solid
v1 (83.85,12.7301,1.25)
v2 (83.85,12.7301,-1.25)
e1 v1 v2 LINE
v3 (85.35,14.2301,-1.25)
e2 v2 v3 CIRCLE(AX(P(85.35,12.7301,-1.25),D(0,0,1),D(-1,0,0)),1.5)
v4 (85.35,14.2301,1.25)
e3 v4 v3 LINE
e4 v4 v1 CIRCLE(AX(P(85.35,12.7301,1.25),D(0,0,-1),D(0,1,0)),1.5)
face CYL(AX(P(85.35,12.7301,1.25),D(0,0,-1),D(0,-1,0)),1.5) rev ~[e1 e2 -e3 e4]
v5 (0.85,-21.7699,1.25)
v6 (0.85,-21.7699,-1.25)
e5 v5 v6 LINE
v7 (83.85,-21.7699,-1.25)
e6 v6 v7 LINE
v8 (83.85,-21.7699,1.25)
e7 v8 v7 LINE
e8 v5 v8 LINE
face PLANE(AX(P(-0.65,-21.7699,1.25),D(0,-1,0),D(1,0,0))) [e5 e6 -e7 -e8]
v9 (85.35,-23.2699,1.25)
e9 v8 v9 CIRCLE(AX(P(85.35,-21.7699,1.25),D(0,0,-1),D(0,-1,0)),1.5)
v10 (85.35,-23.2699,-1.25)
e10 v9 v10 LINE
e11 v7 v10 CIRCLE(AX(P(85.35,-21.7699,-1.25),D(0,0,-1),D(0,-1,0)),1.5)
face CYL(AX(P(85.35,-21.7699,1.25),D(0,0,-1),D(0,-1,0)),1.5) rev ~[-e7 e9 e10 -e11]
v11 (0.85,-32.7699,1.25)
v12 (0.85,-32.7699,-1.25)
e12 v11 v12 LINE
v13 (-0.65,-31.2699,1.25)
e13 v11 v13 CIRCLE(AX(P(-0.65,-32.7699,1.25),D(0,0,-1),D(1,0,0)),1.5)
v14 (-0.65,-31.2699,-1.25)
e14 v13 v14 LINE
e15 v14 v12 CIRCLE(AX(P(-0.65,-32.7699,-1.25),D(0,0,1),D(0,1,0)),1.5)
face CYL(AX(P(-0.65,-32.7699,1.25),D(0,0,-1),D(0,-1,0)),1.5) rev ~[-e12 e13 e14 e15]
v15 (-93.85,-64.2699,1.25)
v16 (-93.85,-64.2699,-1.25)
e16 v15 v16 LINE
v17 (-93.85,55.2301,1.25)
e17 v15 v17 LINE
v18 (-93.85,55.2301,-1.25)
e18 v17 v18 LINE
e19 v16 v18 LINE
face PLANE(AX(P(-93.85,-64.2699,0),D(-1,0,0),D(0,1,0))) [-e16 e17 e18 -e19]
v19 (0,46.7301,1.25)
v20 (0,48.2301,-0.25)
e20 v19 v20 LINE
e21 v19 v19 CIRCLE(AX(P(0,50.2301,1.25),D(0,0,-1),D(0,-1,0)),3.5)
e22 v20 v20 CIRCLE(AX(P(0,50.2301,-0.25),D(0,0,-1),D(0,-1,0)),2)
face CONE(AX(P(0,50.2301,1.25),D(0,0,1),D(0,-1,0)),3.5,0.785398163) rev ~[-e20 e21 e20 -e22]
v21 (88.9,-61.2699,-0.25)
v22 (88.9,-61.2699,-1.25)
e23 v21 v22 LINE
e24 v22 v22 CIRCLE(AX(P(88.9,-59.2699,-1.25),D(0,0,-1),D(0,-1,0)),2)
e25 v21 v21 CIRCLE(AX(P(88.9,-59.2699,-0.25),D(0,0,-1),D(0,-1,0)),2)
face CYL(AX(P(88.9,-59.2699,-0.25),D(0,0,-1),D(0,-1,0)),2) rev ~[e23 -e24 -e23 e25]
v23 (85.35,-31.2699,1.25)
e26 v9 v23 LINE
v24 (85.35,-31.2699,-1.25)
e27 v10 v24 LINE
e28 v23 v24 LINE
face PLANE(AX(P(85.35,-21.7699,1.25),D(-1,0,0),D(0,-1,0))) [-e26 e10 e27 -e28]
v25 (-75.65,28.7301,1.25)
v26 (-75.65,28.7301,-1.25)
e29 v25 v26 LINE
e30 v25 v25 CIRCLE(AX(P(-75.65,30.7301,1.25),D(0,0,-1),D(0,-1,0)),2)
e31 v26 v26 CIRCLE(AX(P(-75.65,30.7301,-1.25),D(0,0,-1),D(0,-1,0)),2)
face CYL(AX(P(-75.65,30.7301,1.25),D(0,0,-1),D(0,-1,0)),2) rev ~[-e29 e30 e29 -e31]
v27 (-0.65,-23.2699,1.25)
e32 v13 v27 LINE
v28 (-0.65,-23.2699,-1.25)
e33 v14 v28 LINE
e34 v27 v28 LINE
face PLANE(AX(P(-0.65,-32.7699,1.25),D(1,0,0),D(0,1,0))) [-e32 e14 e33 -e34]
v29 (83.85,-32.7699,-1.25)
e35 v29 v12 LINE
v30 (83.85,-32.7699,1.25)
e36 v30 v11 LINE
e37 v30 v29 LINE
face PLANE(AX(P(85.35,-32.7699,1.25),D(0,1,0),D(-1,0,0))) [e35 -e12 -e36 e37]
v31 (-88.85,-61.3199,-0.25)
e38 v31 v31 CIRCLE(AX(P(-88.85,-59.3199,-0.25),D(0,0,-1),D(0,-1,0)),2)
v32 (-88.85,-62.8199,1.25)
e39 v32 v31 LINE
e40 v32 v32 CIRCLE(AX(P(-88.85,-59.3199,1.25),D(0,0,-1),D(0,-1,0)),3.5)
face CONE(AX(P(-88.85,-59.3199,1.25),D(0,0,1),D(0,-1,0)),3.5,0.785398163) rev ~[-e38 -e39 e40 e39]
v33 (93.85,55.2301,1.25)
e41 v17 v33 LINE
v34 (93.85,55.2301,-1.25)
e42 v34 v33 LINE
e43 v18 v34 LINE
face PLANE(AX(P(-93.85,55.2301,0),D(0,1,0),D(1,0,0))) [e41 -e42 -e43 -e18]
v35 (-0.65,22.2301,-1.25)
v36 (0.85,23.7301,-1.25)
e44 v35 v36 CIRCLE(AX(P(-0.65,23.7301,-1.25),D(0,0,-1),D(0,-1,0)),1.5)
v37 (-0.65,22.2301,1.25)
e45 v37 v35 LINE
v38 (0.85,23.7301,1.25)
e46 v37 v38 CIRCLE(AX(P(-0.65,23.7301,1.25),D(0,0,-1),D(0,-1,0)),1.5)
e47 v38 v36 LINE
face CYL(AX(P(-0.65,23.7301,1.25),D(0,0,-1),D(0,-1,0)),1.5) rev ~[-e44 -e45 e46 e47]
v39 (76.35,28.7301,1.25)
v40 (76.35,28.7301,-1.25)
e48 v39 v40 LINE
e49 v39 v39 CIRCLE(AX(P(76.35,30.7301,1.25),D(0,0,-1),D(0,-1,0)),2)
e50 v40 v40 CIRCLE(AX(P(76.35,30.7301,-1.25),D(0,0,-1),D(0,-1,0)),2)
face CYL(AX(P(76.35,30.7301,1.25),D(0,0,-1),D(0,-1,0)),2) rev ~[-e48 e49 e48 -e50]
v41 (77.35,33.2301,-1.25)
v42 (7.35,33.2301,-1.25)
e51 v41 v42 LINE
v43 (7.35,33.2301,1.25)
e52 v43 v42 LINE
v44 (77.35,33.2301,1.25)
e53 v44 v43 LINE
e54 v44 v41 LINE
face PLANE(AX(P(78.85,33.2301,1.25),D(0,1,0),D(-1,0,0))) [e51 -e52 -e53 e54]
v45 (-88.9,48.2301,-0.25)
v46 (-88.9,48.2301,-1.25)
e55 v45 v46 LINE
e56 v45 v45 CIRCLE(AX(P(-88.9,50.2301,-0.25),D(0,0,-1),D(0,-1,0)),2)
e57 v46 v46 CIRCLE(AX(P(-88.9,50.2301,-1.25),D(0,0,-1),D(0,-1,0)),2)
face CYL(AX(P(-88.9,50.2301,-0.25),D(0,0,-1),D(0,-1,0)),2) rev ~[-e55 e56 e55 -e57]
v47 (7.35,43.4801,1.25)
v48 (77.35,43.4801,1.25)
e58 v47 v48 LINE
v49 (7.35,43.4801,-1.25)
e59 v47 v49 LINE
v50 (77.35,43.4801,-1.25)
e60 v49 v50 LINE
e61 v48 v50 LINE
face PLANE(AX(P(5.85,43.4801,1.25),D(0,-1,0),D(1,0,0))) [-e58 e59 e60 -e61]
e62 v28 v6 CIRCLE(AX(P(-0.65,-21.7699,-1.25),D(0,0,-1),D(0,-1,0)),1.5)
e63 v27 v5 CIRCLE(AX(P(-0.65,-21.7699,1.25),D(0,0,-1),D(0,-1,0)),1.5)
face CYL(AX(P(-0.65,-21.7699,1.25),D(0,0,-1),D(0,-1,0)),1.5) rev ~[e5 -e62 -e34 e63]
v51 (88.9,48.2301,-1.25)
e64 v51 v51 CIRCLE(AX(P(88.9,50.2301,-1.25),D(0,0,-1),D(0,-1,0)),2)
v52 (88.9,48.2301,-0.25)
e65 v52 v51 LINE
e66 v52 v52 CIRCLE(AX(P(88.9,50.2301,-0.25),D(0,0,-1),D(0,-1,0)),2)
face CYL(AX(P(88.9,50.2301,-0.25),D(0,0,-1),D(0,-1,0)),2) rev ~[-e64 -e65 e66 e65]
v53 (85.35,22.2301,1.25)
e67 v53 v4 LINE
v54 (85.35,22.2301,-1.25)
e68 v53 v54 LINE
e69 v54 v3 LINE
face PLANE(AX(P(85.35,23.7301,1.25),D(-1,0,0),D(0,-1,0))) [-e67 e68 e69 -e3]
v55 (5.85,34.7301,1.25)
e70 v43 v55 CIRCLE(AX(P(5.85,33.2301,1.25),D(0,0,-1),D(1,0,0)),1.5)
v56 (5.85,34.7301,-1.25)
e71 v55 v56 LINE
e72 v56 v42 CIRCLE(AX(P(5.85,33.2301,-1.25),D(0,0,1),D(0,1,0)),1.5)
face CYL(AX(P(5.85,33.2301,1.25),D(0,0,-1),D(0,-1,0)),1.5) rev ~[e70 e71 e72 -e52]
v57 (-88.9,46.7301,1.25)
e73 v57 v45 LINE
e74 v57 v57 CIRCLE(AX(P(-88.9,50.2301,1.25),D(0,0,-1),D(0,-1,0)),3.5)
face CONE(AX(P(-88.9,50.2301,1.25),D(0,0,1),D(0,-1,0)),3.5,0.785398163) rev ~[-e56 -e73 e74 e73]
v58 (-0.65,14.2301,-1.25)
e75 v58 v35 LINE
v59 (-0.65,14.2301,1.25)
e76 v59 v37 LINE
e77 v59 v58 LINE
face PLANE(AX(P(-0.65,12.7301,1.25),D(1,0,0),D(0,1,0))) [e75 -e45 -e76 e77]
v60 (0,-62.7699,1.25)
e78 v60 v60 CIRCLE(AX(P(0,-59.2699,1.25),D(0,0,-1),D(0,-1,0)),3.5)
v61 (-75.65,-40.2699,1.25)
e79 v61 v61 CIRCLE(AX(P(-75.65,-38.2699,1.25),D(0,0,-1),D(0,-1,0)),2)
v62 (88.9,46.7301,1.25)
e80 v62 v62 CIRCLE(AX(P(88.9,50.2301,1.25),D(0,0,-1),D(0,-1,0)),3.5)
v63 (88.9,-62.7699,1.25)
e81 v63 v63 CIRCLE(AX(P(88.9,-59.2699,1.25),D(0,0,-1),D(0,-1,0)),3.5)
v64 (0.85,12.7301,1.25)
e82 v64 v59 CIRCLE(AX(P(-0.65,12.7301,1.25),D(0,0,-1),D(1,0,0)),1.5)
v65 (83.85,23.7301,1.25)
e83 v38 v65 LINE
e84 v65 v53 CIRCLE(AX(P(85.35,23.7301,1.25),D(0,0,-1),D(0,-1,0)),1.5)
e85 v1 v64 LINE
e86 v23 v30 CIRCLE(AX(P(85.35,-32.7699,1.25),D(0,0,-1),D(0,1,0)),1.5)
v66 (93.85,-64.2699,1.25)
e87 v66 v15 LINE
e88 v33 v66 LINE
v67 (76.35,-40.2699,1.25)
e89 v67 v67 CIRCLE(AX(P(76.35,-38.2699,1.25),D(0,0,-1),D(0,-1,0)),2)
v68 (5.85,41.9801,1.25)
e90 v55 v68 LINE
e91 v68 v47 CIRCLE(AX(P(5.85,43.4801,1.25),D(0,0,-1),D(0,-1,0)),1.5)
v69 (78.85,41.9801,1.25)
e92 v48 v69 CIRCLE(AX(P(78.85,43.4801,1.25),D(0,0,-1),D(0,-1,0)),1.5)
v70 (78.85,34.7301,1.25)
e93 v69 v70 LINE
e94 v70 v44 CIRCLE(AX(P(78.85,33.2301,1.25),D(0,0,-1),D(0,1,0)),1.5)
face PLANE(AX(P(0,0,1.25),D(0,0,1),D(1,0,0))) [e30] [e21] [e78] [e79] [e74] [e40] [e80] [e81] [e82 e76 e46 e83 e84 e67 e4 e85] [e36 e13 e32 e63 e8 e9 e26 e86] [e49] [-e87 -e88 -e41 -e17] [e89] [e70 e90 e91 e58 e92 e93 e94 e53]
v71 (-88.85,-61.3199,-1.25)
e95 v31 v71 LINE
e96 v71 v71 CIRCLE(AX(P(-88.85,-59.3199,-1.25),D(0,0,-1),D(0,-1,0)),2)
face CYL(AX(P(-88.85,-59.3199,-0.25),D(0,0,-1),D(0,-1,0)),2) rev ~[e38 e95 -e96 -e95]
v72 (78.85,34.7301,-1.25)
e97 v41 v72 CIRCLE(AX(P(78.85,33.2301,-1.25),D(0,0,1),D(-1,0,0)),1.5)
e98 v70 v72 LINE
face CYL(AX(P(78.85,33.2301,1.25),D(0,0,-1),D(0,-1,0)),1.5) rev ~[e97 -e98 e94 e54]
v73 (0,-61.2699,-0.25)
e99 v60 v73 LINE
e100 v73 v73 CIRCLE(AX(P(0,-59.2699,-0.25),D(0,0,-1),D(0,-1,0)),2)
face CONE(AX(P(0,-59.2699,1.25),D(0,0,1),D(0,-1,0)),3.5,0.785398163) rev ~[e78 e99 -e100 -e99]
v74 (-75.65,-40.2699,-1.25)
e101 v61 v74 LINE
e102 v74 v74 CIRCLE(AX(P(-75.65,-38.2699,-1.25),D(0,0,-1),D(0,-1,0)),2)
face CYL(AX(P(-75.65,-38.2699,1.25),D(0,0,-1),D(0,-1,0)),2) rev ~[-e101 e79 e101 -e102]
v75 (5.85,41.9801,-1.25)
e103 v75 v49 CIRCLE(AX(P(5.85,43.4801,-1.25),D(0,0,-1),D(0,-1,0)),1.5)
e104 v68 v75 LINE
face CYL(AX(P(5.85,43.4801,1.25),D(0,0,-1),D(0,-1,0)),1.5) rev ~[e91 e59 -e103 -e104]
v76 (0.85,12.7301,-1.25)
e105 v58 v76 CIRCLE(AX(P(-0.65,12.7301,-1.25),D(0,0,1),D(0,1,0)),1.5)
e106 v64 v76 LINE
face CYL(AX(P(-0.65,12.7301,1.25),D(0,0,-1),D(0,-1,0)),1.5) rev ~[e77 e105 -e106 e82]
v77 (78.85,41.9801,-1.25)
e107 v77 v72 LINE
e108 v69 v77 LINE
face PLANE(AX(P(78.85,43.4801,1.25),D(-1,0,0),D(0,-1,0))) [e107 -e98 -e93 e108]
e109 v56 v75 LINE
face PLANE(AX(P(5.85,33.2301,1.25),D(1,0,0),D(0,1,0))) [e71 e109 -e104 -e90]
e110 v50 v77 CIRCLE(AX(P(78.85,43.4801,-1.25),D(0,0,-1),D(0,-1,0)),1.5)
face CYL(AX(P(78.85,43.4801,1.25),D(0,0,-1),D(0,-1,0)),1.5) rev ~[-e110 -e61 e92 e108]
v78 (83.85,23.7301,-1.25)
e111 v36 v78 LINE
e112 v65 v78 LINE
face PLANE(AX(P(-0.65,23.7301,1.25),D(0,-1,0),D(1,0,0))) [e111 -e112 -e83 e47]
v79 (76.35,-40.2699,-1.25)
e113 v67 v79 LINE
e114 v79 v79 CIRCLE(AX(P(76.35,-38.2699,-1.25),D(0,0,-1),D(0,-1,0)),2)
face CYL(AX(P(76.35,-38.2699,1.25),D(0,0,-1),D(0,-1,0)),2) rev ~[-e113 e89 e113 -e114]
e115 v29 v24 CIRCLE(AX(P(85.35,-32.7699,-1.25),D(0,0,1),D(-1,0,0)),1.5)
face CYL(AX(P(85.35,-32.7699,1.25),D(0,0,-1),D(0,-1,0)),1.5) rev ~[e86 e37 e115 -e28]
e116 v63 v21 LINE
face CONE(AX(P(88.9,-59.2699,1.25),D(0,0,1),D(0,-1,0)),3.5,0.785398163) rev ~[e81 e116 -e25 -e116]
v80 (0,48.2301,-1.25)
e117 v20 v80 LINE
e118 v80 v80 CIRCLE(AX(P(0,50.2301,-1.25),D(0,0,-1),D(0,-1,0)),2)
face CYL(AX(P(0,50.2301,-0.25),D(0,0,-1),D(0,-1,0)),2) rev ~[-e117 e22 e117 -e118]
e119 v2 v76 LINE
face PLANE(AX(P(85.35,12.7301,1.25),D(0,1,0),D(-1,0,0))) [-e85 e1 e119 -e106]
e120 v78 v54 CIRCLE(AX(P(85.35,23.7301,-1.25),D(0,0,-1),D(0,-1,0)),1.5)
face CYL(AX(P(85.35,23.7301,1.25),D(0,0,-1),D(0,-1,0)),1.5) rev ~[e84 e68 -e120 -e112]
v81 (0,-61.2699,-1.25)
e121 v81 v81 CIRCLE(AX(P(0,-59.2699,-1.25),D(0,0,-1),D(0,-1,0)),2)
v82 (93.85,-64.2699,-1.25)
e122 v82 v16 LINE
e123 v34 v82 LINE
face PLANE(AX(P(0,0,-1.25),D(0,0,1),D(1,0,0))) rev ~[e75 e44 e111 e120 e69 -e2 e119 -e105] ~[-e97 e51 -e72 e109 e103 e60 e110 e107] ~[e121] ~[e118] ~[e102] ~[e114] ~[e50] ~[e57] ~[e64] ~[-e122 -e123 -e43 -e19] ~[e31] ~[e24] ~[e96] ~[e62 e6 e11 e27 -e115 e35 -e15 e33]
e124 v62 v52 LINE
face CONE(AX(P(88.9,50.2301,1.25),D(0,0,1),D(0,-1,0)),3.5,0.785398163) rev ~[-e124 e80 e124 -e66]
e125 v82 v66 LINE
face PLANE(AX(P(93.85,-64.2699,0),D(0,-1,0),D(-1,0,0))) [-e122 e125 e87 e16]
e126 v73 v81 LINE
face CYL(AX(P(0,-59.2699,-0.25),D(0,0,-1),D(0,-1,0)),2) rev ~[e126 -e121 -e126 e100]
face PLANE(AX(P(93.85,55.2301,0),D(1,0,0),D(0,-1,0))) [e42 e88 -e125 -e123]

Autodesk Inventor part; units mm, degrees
ref_plane "YZ Plane" through (0, 0, 0) normal (1, 0, 0) x (0, 1, 0)
ref_plane "XZ Plane" through (0, 0, 0) normal (0, 1, 0) x (-1, 0, 0)
ref_plane "XY Plane" through (0, 0, 0) normal (0, 0, 1) x (1, 0, 0)
sketch "Sketch1" plane through (0, 0, 0) normal (0, 0, 1) x (1, 0, 0)
  line L0 (93.85, -64.2699) -> (-93.85, -64.2699)
  line L1 (-93.85, -64.2699) -> (-93.85, 55.2301)
  line L2 (-93.85, 55.2301) -> (93.85, 55.2301)
  line L3 (93.85, 55.2301) -> (93.85, -64.2699)
  line L4 (93.85, -64.2699) -> (-93.85, 55.2301) construction
  line L5 (-93.85, -64.2699) -> (93.85, 55.2301) construction
  point P0 (0, 0)
  point P1 (0, -4.5199)
  dimension "d0" = 187.7
  dimension "d1" = 119.5
extrude "Extrusion1" add sketch "Sketch1" along normal mid plane 2.5
hole "Hole2" at (-88.85, -59.3199, 1.25) direction (0, 0, -1) diameter 4 end through all countersink diameter 7 countersink angle 90
hole "Hole3" at (0, -59.2699, 1.25) direction (0, 0, -1) diameter 4 end through all countersink diameter 7 countersink angle 90
hole "Hole4" at (88.9, -59.2699, 1.25) direction (0, 0, -1) diameter 4 end through all countersink diameter 7 countersink angle 90
hole "Hole5" at (-88.9, 50.2301, 1.25) direction (0, 0, -1) diameter 4 end through all countersink diameter 7 countersink angle 90
hole "Hole6" at (0, 50.2301, 1.25) direction (0, 0, -1) diameter 4 end through all countersink diameter 7 countersink angle 90
hole "Hole7" at (88.9, 50.2301, 1.25) direction (0, 0, -1) diameter 4 end through all countersink diameter 7 countersink angle 90
hole "Hole8" at (76.35, -38.2699, 1.25) direction (0, 0, -1) diameter 4 end through all
hole "Hole9" at (76.35, 30.7301, 1.25) direction (0, 0, -1) diameter 4 end through all
hole "Hole10" at (-75.65, -38.2699, 1.25) direction (0, 0, -1) diameter 4 end through all
hole "Hole11" at (-75.65, 30.7301, 1.25) direction (0, 0, -1) diameter 4 end through all
sketch "Sketch5" plane through (0, 0, 1.25) normal (0, 0, 1) x (1, 0, 0)
  circle A0 centre (76.35, -38.2699) radius 2 projected
  line L0 (93.85, -64.2699) -> (93.85, 55.2301) projected
  line L1 (-0.65, -21.7699) -> (85.35, -21.7699)
  line L2 (85.35, -21.7699) -> (85.35, -32.7699)
  line L3 (85.35, -32.7699) -> (-0.65, -32.7699)
  line L4 (-0.65, -32.7699) -> (-0.65, -21.7699)
  point P0 (0, 0)
  dimension "d120" = 8.5
  dimension "d121" = 5.5
  dimension "d122" = 11
  dimension "d123" = 86
extrude "Cut1" cut sketch "Sketch5" along normal through all both and the other way through all contours L1 L2 L3 L4
pattern_linear "Rectangular Pattern1" count 2 spacing 45.5 along (0, 1, 0) of "Cut1"
sketch "Sketch6" plane through (0, 0, 1.25) normal (0, 0, 1) x (1, 0, 0)
  line L0 (85.35, 23.7301) -> (85.35, 12.7301) projected
  line L1 (85.35, 12.7301) -> (-0.65, 12.7301) projected
  line L2 (5.85, 43.4801) -> (78.85, 43.4801)
  line L3 (78.85, 43.4801) -> (78.85, 33.2301)
  line L4 (78.85, 33.2301) -> (5.85, 33.2301)
  line L5 (5.85, 33.2301) -> (5.85, 43.4801)
  line L6 (-0.65, 23.7301) -> (-0.65, 12.7301) projected
  line L7 (-0.65, 12.7301) -> (85.35, 12.7301) projected
  line L8 (85.35, 12.7301) -> (85.35, 23.7301) projected
  line L9 (85.35, 23.7301) -> (-0.65, 23.7301) projected
  line L10 (-0.65, -21.7699) -> (-0.65, -32.7699) projected
  line L11 (-0.65, -32.7699) -> (85.35, -32.7699) projected
  line L12 (85.35, -32.7699) -> (85.35, -21.7699) projected
  line L13 (85.35, -21.7699) -> (-0.65, -21.7699) projected
  circle A0 centre (-75.65, 30.7301) radius 2 projected
  circle A1 centre (-75.65, -38.2699) radius 2 projected
  circle A2 centre (76.35, 30.7301) radius 2 projected
  circle A3 centre (76.35, -38.2699) radius 2 projected
  line L14 (-93.85, -64.2699) -> (-93.85, 55.2301) projected
  line L15 (-93.85, 55.2301) -> (93.85, 55.2301) projected
  line L16 (93.85, 55.2301) -> (93.85, -64.2699) projected
  line L17 (93.85, -64.2699) -> (-93.85, -64.2699) projected
  circle A4 centre (-88.85, -59.3199) radius 3.5 projected
  circle A5 centre (0, -59.2699) radius 3.5 projected
  circle A6 centre (88.9, -59.2699) radius 3.5 projected
  circle A7 centre (-88.9, 50.2301) radius 3.5 projected
  circle A8 centre (0, 50.2301) radius 3.5 projected
  circle A9 centre (88.9, 50.2301) radius 3.5 projected
  point P0 (0, 0)
  dimension "d129" = 6.5
  dimension "d130" = 20.5
  dimension "d131" = 73
  dimension "d132" = 10.25
extrude "Cut2" cut sketch "Sketch6" against normal through all contours L2 L3 L4 L5
hole "Hole12" at (5.85, 43.4801, 1.25) direction (0, 0, -1) diameter 3 end through all
hole "Hole13" at (78.85, 43.4801, 1.25) direction (0, 0, -1) diameter 3 end through all
hole "Hole14" at (5.85, 33.2301, 1.25) direction (0, 0, -1) diameter 3 end through all
hole "Hole16" at (78.85, 33.2301, 1.25) direction (0, 0, -1) diameter 3 end through all
hole "Hole17" at (-0.65, 23.7301, 1.25) direction (0, 0, -1) diameter 3 end through all
hole "Hole18" at (-0.65, 12.7301, 1.25) direction (0, 0, -1) diameter 3 end through all
hole "Hole19" at (85.35, 12.7301, 1.25) direction (0, 0, -1) diameter 3 end through all
hole "Hole20" at (85.35, 23.7301, 1.25) direction (0, 0, -1) diameter 3 end through all
hole "Hole21" at (-0.65, -21.7699, 1.25) direction (0, 0, -1) diameter 3 end through all
hole "Hole22" at (-0.65, -32.7699, 1.25) direction (0, 0, -1) diameter 3 end through all
hole "Hole23" at (85.35, -21.7699, 1.25) direction (0, 0, -1) diameter 3 end through all
hole "Hole24" at (85.35, -32.7699, 1.25) direction (0, 0, -1) diameter 3 end through all
equation "\"d124\" = Thickness"
equation "\"d133\" = Thickness"
equation "\"d142\" = Thickness"
equation "\"d151\" = Thickness"
equation "\"d160\" = Thickness"
equation "\"d178\" = Thickness"
equation "\"d187\" = Thickness"
equation "\"d196\" = Thickness"
equation "\"d205\" = Thickness"
equation "\"d214\" = Thickness"
equation "\"d223\" = Thickness"
equation "\"d232\" = Thickness"
equation "\"d241\" = Thickness"
equation "\"d250\" = Thickness"
equation "\"BendRadius\" = Thickness"
equation "\"BendReliefWidth\" = Thickness"
equation "\"BendReliefDepth\" = 0.5 * Thickness"
equation "\"CornerReliefSize\" = 4 * Thickness"
equation "\"MinimumRemnant\" = 2 * Thickness"
equation "\"TransitionRadius\" = BendRadius"
equation "\"JacobiRadiusSize\" = Thickness"
equation "\"GapSize\" = Thickness"
equation "\"Thickness\" = 0.5"
properties part number "Driver4BusV11Top"
